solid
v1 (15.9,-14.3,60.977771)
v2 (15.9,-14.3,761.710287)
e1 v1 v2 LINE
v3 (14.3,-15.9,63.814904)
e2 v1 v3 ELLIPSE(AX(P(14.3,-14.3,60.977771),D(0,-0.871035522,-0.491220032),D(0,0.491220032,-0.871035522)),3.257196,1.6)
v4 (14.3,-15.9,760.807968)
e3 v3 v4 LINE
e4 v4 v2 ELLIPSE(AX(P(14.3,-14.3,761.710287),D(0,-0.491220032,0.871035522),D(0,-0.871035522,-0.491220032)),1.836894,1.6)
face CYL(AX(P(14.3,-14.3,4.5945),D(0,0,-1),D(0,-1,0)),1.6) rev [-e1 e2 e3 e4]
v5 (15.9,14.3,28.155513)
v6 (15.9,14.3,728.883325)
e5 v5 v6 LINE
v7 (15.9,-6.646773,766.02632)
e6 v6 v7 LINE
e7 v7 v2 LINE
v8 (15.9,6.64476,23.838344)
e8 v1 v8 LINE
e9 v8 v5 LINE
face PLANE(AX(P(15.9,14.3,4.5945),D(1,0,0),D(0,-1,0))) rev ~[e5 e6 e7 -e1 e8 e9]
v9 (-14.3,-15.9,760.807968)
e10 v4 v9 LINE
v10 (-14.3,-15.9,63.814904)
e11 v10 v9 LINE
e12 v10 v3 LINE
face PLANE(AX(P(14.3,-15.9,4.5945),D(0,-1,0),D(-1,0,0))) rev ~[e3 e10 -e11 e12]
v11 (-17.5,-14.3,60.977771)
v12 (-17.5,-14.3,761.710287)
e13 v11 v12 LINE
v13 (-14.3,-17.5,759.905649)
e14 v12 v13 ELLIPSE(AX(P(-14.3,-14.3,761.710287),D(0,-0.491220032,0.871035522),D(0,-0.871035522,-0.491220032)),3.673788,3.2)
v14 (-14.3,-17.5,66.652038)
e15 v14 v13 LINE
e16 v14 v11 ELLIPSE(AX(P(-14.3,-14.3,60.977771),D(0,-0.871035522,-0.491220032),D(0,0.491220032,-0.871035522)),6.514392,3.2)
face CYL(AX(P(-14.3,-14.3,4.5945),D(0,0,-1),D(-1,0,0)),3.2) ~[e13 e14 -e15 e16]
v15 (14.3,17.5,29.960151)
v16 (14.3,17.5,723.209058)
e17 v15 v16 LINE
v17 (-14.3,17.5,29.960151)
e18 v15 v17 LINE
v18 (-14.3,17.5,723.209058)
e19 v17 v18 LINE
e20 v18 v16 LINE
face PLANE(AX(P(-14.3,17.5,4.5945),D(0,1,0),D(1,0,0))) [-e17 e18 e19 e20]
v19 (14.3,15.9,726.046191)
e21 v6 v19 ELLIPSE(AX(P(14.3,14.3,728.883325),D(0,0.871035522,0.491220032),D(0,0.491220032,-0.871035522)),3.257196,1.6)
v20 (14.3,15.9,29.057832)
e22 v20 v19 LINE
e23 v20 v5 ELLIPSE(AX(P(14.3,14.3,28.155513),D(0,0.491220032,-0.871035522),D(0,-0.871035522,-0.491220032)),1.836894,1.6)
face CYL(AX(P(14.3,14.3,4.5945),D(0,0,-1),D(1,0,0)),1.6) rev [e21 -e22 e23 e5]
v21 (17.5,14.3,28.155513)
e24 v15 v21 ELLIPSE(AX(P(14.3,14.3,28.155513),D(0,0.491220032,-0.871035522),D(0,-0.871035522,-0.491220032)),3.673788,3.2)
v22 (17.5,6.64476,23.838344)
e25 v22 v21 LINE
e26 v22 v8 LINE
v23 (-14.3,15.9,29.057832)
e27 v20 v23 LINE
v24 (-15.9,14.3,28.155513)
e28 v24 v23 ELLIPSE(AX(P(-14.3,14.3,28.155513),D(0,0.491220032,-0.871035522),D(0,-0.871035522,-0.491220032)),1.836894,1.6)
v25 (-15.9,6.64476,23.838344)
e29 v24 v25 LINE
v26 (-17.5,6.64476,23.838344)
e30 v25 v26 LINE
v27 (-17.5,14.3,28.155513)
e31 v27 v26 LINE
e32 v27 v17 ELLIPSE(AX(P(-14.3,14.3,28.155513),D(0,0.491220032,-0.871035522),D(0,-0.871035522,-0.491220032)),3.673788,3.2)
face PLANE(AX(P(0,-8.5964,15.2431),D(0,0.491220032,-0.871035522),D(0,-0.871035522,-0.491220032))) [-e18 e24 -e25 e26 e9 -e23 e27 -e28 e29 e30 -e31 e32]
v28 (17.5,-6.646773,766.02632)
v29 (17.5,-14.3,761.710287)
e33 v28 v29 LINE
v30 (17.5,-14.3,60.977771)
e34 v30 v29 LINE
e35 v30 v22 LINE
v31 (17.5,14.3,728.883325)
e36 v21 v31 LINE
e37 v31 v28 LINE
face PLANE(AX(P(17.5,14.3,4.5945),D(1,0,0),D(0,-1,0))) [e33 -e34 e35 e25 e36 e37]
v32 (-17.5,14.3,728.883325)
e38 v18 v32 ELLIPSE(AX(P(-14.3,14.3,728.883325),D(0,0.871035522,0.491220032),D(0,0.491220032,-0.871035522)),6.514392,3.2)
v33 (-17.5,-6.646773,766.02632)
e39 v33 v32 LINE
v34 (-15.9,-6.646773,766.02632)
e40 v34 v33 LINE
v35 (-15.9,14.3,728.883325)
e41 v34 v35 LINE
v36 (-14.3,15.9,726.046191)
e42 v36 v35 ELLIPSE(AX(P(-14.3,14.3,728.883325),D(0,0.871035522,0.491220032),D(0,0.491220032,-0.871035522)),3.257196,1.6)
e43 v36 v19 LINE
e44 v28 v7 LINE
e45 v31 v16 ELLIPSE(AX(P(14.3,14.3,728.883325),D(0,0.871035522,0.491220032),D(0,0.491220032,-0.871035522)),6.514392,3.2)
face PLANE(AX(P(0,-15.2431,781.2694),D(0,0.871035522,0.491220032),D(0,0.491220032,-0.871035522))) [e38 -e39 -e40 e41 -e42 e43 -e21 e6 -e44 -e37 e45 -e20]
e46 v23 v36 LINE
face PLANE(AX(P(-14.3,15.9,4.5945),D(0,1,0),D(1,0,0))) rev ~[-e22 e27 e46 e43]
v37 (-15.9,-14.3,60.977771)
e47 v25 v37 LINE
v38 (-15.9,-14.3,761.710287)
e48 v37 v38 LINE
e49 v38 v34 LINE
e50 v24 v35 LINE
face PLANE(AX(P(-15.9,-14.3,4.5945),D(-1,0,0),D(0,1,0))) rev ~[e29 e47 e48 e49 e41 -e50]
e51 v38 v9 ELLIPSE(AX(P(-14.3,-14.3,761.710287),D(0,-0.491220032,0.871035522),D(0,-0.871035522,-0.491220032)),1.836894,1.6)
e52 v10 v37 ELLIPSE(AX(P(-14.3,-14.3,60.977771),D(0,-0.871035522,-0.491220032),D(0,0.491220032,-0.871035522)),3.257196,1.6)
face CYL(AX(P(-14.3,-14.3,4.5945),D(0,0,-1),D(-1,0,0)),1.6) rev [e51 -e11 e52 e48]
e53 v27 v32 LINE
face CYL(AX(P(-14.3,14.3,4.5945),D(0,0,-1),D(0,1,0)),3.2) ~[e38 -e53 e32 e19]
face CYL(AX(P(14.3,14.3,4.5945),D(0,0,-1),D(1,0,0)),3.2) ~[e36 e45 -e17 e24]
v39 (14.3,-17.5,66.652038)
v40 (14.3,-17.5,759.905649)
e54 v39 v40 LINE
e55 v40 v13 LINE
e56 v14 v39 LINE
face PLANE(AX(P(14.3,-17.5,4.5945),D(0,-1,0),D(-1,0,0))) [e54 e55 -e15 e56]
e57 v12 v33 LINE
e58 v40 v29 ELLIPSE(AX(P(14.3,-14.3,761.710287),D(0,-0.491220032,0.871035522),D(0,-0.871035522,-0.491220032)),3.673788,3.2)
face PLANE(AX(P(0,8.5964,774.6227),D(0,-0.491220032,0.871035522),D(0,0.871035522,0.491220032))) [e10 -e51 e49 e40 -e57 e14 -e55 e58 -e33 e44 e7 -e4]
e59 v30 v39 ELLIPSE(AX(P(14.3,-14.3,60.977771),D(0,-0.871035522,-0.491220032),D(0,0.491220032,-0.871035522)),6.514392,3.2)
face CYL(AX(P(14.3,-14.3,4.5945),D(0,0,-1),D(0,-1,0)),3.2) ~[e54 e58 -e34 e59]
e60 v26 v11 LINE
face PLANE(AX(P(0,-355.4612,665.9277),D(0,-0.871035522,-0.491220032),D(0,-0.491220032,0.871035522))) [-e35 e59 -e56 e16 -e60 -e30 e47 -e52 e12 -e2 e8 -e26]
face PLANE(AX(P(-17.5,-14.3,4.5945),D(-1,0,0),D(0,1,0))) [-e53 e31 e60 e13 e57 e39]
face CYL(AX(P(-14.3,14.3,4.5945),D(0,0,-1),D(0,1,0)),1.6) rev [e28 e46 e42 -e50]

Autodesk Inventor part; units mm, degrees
ref_plane "Start plane" through (0, 0, 4.5945) normal (0, 0, 1) x (1, 0, 0)
ref_plane "End plane" through (0, 0, 785.2713) normal (0, 0, 1) x (1, 0, 0)
sketch "Sketch" plane through (0, 0, 0) normal (0, 0, 1) x (1, 0, 0)
  line L0 (-17.5, -14.3) -> (-17.5, 14.3)
  line L1 (-14.3, 17.5) -> (14.3, 17.5)
  line L2 (17.5, 14.3) -> (17.5, -14.3)
  line L3 (14.3, -17.5) -> (-14.3, -17.5)
  arc A0 (-17.5, -14.3) -> (-14.3, -17.5) centre (-14.3, -14.3) ccw
  arc A1 (-14.3, 17.5) -> (-17.5, 14.3) centre (-14.3, 14.3) ccw
  arc A2 (17.5, 14.3) -> (14.3, 17.5) centre (14.3, 14.3) ccw
  arc A3 (14.3, -17.5) -> (17.5, -14.3) centre (14.3, -14.3) ccw
  arc A4 (-14.3, 15.9) -> (-15.9, 14.3) centre (-14.3, 14.3) ccw
  line L4 (-14.3, 15.9) -> (14.3, 15.9)
  arc A5 (15.9, 14.3) -> (14.3, 15.9) centre (14.3, 14.3) ccw
  line L5 (15.9, 14.3) -> (15.9, -14.3)
  arc A6 (14.3, -15.9) -> (15.9, -14.3) centre (14.3, -14.3) ccw
  line L6 (14.3, -15.9) -> (-14.3, -15.9)
  arc A7 (-15.9, -14.3) -> (-14.3, -15.9) centre (-14.3, -14.3) ccw
  line L7 (-15.9, -14.3) -> (-15.9, 14.3)
  line L8 (0, 25.4278) -> (0, -25.4278) construction
  line L9 (-25.4278, 0) -> (25.4278, 0) construction
  dimension "d7" = 3.2
  dimension "d10" = 35
  dimension "d11" = 35
  dimension "d12" = 1.6
  dimension "d15" = 17.5
  dimension "d16" = 17.5
extrude "Body" add sketch "Sketch" along normal up to surface (780.6769 mm away) from surface at 4.5945
sketch "Sketch3" plane through (0, 0, 0) normal (0, 0, 1) x (1, 0, 0)
  line L0 (0, 0) -> (10, 0)
ref_plane "Work Plane3" through (0, 0, 0) normal (0, -1, 0) x (1, 0, 0)
sketch "Sketch4" plane through (0, 0, 0) normal (0, -1, 0) x (1, 0, 0)
  line L0 (-2, 4.5945) -> (12, 4.5945)
  line L1 (-2, 785.2713) -> (12, 785.2713)
  dimension "d18" = 780.6769
ref_plane "Work Plane4" through (0, 8.5964, 774.6227) normal (0, -0.4912, 0.871) x (1, 0, 0)
split "Split1" plane through (0, 8.5964, 774.6227) removes the side toward (0, -0.4912, 0.871)
ref_plane "Work Plane5" through (0, -15.2431, 781.2694) normal (0, 0.871, 0.4912) x (1, 0, 0)
split "Split2" plane through (0, -15.2431, 781.2694) removes the side toward (0, 0.871, 0.4912)
ref_plane "Work Plane6" through (0, -8.5964, 15.2431) normal (0, 0.4912, -0.871) x (1, 0, 0)
split "Split3" plane through (0, -8.5964, 15.2431) removes the side toward (0, 0.4912, -0.871)
ref_plane "Work Plane7" through (0, -355.4612, 665.9277) normal (0, -0.871, -0.4912) x (1, 0, 0)
split "Split4" plane through (0, -355.4612, 665.9277) removes the side toward (0, -0.871, -0.4912)
equation "\"d7\" = G_IR"
equation "\"d10\" = G_H"
equation "\"d11\" = G_W"
equation "\"d12\" = G_T"
equation "\"d15\" = 0.5 * d10"
equation "\"d16\" = 0.5 * d11"
equation "\"d3\" = G_L"
equation "\"G_W\" = 35"
equation "\"G_H\" = 35"
equation "\"G_T\" = 1.6"
equation "\"G_IR\" = 3.2"
equation "\"G_L\" = d18"
equation "\"G_OFFSET_START\" = -4.59446"
equation "\"G_OFFSET_END\" = -4.59446"
equation "\"d13\" = -G_OFFSET_START"
equation "\"d14\" = G_OFFSET_END + B_L"
equation "\"B_L\" = 789.86581"
properties part number "AS 1163 - C350L0 35x35x1.6 SHS - 780.677" material "Steel, Mild"
